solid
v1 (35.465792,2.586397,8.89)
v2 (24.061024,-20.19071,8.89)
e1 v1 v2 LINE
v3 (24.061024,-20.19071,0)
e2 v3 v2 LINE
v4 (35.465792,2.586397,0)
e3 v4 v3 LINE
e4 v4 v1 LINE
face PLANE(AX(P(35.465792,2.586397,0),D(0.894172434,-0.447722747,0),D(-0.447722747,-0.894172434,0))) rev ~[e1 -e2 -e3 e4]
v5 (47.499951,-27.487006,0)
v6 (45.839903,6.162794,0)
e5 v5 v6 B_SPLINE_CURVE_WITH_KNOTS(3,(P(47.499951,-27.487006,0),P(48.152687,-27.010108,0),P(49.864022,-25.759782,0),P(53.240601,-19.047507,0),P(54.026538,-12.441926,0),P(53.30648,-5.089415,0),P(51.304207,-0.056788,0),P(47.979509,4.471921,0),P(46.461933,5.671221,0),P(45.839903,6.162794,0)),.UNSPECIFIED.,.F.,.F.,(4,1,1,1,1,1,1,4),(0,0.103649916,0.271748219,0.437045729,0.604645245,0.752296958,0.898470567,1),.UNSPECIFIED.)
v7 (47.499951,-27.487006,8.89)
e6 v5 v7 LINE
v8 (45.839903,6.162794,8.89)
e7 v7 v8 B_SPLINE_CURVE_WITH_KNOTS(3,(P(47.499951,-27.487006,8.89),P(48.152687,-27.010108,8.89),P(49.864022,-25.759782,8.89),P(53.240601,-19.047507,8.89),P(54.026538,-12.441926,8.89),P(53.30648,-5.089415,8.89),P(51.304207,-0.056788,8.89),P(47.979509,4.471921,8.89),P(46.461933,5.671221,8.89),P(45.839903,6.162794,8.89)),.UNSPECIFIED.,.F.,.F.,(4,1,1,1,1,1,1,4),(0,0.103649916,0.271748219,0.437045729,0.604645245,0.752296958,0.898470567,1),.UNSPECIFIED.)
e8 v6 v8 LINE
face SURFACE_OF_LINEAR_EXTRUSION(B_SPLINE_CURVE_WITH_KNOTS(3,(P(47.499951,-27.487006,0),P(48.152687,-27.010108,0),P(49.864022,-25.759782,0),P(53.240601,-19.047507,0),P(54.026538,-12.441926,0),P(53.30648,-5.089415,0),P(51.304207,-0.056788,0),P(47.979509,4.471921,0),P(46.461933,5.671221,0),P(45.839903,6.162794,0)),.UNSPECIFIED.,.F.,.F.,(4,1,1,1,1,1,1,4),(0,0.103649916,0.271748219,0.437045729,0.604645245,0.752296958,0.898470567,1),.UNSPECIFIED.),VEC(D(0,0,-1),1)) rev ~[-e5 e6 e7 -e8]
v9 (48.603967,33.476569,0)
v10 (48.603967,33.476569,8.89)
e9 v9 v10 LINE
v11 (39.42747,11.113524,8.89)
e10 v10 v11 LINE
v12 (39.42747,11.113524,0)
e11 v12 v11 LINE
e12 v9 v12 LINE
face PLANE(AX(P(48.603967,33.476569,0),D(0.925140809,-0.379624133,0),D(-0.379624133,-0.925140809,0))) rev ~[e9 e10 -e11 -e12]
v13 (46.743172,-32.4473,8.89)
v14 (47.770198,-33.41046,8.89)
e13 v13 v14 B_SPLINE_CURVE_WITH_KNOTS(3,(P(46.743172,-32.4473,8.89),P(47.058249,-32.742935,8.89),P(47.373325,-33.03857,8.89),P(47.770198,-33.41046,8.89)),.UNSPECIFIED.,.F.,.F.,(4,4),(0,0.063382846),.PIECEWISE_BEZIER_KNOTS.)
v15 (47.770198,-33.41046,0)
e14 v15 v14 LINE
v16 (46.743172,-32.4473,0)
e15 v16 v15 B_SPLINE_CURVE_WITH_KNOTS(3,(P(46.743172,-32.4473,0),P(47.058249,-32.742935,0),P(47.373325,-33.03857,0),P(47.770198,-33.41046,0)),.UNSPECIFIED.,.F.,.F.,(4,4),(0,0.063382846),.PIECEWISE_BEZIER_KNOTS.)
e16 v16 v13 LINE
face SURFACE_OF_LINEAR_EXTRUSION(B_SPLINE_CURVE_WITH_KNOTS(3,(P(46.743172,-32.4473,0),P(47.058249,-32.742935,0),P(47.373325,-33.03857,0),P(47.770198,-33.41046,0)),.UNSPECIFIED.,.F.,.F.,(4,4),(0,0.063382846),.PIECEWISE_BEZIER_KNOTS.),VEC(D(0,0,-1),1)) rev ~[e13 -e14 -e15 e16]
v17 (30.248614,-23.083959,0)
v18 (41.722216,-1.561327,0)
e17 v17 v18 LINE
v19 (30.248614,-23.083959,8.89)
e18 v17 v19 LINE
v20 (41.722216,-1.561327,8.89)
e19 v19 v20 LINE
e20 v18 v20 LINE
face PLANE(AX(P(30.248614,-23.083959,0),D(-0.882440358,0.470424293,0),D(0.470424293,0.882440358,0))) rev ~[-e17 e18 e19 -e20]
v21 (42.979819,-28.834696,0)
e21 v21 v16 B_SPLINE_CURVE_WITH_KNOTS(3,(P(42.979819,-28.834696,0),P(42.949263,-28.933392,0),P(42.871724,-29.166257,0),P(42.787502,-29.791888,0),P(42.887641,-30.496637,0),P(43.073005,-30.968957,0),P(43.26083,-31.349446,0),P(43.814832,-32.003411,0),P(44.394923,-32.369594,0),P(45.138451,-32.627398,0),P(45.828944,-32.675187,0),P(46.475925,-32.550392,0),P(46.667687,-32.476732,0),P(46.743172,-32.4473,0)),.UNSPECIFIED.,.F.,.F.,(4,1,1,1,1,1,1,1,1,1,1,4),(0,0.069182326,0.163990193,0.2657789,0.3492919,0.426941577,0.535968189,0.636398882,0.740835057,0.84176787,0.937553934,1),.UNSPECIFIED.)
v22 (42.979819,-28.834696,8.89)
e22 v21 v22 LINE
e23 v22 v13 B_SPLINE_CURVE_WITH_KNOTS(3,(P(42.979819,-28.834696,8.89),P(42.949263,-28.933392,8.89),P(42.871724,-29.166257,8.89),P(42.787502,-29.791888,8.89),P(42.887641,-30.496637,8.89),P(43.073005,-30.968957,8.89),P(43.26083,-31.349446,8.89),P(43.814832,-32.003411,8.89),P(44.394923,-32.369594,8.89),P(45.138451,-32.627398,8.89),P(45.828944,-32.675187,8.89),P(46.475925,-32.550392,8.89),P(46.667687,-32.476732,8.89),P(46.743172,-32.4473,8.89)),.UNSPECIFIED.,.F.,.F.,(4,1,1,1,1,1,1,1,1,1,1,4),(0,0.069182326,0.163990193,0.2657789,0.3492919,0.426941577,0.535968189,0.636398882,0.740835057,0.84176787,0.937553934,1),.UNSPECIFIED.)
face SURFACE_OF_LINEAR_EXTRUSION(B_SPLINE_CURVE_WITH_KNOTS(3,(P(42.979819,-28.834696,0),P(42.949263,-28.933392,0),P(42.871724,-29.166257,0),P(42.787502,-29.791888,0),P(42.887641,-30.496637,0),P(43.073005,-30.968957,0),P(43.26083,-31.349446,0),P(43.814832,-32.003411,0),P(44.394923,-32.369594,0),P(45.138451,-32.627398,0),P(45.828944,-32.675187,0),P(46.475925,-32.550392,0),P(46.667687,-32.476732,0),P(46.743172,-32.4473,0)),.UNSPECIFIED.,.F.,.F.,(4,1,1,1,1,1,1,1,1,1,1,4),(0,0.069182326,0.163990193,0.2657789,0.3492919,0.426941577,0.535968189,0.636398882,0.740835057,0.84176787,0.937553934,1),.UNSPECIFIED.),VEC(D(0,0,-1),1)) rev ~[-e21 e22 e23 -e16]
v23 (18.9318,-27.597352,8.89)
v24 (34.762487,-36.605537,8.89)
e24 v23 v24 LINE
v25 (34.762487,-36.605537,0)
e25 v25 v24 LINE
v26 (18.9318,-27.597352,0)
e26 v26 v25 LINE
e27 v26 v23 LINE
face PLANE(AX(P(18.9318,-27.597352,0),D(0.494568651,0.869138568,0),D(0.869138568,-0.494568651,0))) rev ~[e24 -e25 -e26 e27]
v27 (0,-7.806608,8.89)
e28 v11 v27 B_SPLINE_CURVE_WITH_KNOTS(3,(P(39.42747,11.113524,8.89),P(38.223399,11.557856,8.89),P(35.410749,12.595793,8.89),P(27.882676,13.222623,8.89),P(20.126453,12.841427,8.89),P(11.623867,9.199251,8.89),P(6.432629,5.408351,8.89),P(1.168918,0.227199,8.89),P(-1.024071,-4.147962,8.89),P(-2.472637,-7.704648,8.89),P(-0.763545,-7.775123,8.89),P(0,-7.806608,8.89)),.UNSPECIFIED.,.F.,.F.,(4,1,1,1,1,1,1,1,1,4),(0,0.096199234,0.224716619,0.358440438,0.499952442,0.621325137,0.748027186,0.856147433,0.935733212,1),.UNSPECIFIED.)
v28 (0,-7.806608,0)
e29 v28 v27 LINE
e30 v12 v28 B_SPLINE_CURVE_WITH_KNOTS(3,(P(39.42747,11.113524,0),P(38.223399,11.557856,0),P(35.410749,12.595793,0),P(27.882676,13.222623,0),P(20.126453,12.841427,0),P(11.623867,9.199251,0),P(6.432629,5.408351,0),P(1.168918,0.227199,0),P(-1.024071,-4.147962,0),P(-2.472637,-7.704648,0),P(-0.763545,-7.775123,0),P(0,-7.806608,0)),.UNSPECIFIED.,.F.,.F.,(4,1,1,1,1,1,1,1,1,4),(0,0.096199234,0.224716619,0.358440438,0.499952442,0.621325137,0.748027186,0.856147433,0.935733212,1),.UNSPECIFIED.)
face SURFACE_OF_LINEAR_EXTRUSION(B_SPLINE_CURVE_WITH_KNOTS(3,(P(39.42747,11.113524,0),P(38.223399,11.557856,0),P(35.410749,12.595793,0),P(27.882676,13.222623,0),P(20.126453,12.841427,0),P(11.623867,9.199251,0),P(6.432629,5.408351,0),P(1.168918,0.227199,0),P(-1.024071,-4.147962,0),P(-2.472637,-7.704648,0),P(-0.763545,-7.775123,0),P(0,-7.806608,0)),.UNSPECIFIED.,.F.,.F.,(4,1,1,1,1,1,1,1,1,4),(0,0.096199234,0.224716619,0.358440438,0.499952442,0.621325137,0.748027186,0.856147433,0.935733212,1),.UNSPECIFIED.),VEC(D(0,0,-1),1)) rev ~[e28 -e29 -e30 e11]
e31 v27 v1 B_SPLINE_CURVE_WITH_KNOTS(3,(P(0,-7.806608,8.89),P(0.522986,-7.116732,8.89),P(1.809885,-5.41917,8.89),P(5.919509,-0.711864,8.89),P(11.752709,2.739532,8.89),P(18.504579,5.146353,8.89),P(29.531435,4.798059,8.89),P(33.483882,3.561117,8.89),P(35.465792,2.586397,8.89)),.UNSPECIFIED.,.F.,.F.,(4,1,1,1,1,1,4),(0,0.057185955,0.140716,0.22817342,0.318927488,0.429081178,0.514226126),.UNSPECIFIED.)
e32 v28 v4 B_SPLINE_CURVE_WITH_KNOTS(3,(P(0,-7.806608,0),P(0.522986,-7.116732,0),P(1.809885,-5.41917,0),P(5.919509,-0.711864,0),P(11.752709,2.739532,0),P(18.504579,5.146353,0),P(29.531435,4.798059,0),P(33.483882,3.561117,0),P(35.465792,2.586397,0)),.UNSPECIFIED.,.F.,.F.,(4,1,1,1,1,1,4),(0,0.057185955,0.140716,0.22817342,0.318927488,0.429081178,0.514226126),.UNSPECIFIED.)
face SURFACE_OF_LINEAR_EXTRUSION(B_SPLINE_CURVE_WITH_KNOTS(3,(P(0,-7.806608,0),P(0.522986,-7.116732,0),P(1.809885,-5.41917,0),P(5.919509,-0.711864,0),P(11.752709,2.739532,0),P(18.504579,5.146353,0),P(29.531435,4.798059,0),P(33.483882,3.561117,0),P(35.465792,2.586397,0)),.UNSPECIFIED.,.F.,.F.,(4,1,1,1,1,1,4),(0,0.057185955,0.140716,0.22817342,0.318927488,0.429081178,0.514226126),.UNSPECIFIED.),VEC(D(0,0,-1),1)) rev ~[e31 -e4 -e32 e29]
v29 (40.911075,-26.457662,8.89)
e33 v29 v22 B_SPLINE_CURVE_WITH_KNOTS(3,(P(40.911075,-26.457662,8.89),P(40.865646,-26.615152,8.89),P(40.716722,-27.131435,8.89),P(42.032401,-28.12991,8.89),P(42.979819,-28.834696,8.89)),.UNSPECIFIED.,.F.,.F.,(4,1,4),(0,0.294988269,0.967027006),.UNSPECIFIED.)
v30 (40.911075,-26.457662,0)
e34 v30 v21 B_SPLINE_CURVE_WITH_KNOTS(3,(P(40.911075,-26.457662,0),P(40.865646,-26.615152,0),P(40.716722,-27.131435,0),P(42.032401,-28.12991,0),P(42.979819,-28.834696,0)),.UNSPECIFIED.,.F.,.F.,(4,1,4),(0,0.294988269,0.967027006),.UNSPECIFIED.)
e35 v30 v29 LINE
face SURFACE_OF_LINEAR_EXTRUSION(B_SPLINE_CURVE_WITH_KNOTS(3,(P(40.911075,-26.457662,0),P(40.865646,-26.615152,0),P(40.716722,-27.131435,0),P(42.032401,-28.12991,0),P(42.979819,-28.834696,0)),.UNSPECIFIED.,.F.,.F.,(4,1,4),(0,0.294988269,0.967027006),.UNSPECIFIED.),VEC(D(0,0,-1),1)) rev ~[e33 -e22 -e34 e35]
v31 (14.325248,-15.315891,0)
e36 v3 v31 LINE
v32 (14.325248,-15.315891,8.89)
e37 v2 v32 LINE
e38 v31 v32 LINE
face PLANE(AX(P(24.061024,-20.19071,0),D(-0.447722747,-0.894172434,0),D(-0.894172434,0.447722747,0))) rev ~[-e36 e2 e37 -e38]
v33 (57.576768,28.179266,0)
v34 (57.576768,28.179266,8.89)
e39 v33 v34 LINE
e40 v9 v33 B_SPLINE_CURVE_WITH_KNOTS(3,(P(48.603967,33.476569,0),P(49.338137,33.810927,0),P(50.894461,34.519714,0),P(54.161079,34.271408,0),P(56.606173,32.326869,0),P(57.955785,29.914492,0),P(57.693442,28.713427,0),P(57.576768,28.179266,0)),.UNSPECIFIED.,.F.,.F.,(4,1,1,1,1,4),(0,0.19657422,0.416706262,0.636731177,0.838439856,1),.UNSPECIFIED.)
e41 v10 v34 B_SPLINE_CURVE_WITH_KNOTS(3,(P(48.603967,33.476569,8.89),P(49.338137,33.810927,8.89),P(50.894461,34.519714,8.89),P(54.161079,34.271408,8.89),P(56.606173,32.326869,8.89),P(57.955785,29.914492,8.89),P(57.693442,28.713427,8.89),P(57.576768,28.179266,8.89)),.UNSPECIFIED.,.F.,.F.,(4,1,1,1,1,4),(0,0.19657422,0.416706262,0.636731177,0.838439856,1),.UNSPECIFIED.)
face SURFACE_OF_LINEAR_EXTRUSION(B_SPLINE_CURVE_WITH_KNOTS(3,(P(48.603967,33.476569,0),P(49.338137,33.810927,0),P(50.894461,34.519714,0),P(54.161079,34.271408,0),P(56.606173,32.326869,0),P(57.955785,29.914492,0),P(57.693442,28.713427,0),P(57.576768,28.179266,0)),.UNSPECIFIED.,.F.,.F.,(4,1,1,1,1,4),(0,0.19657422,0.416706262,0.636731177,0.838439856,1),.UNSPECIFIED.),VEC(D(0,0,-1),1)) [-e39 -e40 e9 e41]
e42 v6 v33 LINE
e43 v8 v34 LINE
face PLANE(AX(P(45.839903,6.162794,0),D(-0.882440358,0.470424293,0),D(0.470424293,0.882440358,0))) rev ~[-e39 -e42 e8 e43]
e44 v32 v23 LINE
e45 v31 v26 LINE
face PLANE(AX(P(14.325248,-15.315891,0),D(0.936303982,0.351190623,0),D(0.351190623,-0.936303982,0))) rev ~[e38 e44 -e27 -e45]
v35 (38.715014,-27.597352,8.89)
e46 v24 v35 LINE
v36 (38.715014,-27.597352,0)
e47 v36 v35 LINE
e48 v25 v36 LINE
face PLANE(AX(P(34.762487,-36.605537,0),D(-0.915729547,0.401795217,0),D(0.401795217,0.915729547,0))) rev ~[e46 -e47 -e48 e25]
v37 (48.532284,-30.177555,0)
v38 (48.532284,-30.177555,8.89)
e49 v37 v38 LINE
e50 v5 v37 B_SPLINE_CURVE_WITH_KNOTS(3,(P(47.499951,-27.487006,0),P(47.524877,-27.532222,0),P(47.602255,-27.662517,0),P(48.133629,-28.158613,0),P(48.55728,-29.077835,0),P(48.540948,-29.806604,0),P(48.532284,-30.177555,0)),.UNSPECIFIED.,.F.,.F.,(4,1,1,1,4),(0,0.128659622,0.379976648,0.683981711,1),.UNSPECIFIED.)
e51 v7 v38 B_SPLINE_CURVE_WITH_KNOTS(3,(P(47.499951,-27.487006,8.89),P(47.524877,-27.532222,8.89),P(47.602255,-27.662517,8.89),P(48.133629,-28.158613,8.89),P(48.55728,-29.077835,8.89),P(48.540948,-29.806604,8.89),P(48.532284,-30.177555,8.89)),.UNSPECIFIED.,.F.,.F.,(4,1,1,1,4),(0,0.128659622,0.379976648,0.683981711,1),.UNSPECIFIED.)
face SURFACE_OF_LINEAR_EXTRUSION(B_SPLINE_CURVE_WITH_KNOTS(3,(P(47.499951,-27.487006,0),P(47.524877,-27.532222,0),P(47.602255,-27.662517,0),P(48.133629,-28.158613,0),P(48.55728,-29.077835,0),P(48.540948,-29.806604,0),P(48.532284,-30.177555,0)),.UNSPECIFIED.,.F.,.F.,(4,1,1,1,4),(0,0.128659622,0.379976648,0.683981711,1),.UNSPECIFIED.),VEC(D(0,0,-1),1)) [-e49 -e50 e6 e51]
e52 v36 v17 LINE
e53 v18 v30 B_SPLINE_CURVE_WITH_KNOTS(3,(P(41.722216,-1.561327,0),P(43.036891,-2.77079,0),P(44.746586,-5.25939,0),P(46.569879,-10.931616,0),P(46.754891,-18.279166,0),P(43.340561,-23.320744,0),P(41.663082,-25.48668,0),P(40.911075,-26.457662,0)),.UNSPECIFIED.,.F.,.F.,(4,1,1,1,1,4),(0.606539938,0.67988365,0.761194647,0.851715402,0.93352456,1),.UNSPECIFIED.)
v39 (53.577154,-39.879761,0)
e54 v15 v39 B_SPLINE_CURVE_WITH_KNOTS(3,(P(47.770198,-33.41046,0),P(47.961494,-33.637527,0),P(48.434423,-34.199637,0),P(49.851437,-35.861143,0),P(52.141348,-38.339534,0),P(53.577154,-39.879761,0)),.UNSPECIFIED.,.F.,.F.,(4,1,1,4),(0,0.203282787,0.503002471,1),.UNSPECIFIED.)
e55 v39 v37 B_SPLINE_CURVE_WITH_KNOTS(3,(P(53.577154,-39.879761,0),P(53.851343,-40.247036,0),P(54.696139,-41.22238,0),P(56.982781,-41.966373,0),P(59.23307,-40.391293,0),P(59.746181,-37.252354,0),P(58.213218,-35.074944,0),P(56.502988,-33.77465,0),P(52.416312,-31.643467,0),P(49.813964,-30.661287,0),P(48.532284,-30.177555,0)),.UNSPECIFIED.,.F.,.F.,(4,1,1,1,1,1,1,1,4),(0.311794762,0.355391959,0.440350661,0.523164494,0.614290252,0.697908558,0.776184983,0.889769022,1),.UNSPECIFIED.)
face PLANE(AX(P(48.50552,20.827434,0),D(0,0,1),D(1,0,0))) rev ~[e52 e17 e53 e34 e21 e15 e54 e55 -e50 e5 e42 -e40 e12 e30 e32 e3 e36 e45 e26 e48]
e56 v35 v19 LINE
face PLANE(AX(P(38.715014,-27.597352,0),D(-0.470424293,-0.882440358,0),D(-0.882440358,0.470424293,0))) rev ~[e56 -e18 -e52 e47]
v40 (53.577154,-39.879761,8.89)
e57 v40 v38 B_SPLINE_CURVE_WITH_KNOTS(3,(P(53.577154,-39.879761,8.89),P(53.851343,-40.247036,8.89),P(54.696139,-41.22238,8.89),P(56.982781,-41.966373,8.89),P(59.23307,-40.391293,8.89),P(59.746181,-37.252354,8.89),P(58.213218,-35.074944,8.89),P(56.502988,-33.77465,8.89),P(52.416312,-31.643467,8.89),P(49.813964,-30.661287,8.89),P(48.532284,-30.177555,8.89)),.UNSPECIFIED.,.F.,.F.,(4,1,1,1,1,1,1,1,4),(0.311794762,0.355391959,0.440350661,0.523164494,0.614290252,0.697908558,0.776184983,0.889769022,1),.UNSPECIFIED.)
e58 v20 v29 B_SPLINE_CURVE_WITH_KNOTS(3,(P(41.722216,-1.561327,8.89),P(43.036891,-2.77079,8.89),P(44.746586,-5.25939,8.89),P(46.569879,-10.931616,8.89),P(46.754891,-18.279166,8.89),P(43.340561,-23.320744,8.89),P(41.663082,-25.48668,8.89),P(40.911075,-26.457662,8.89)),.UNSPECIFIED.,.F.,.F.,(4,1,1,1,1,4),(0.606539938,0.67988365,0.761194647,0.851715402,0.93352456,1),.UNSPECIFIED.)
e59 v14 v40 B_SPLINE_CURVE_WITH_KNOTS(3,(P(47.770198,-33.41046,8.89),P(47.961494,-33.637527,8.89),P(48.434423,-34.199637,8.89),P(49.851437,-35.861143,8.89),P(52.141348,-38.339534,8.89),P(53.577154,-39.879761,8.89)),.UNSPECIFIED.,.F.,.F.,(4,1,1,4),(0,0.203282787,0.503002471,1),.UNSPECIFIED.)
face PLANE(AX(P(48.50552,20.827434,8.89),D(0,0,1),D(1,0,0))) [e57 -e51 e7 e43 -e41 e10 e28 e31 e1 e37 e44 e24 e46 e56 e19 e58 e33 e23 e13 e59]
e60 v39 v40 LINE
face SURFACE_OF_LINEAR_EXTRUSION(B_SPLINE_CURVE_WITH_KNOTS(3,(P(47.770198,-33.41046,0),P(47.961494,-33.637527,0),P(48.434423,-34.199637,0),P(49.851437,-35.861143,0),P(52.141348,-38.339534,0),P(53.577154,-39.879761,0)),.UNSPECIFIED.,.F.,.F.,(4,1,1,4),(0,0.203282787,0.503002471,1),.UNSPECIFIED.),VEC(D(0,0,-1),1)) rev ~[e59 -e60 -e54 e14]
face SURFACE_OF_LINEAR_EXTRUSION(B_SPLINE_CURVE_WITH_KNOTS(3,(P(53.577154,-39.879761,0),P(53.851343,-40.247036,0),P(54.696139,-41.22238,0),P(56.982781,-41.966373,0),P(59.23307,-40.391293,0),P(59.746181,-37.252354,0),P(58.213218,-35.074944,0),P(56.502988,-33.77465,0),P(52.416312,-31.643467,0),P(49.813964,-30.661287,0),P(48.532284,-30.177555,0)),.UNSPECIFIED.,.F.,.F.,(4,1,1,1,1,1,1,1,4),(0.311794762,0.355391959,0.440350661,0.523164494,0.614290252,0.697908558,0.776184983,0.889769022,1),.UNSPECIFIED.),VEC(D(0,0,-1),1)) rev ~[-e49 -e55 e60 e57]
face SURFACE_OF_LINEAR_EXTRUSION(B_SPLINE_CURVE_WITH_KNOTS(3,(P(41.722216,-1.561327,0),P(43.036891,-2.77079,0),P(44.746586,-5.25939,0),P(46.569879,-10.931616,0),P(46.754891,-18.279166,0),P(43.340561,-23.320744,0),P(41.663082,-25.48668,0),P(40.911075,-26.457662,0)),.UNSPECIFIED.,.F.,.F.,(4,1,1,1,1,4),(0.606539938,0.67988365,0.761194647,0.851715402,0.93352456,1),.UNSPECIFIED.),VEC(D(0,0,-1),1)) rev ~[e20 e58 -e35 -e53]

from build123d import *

# Parameters (mm, degrees)
F1_DEPTH = 8.89


with BuildPart() as f1:
    # F0 (on Top) → F1 (new body)
    with BuildSketch(Plane.XY):
        with BuildLine():
            add(Edge.make_bspline(
                [(39.4274704158, 11.113524437), (40.3610824632, 10.7553655693), (42.4829576044, 9.9413567957), (44.634837428, 7.5192105656), (45.839903328, 6.1627938202)],
                knots=[0, 0, 0, 0, 0.4399938664, 1, 1, 1, 1], degree=3))
            Line((45.839903328, 6.1627938202), (57.5767681003, 28.1792655587))
            add(Edge.make_bspline(
                [(48.6039668322, 33.4765687585), (49.3381367026, 33.8109272171), (50.8944607357, 34.5197142781), (54.1610789672, 34.2714082484), (56.6061731934, 32.3268687592), (57.9557846526, 29.9144916432), (57.6934422411, 28.7134269594), (57.5767681003, 28.1792655587)],
                knots=[0, 0, 0, 0, 0.1965742197, 0.4167062621, 0.6367311767, 0.8384398559, 1, 1, 1, 1], degree=3))
            Line((48.6039668322, 33.4765687585), (39.4274704158, 11.113524437))
        make_face()
        with BuildLine():
            add(Edge.make_bspline(
                [(47.4999509752, -27.4870060384), (48.1526866443, -27.0101080497), (49.8640219047, -25.7597821025), (53.240600854, -19.0475071395), (54.0265383019, -12.4419256192), (53.3064795222, -5.0894150957), (51.3042070992, -0.0567878694), (47.9795085328, 4.4719212405), (46.4619328319, 5.6712205947), (45.839903328, 6.1627938202)],
                knots=[0, 0, 0, 0, 0.1036499156, 0.2717482186, 0.4370457285, 0.6046452447, 0.7522969581, 0.8984705671, 1, 1, 1, 1], degree=3))
            Line((45.839903328, 6.1627938202), (41.7222155226, -1.5613266288))
            add(Edge.make_bspline(
                [(41.7222155226, -1.5613266288), (43.0368910157, -2.7707897352), (44.7465859177, -5.2593896208), (46.5698793337, -10.9316163794), (46.7548910122, -18.279166089), (43.340560927, -23.3207437994), (41.6630822478, -25.4866803681), (40.9110747278, -26.4576617628)],
                knots=[0.6065399383, 0.6065399383, 0.6065399383, 0.6065399383, 0.6798836495, 0.7611946469, 0.8517154016, 0.9335245601, 1, 1, 1, 1], degree=3))
            add(Edge.make_bspline(
                [(40.9110747278, -26.4576617628), (40.8656459611, -26.6151519911), (40.7167219231, -27.1314345687), (42.0324008721, -28.12991004), (42.9798185958, -28.8346956604)],
                knots=[0, 0, 0, 0, 0.2949882691, 0.9670270062, 0.9670270062, 0.9670270062, 0.9670270062], degree=3))
            add(Edge.make_bspline(
                [(42.9798185958, -28.8346956604), (42.9492631542, -28.9333918678), (42.8717238982, -29.1662569599), (42.7875018175, -29.7918879638), (42.8876406925, -30.4966369059), (43.0730046206, -30.9689572919), (43.2608303117, -31.3494460217), (43.8148323709, -32.0034108751), (44.3949232761, -32.3695939692), (45.1384513447, -32.6273980485), (45.8289437792, -32.6751867227), (46.4759250493, -32.5503916919), (46.6676869296, -32.476732403), (46.7431719959, -32.4473001868)],
                knots=[0, 0, 0, 0, 0.069182326, 0.1639901927, 0.2657789002, 0.3492918999, 0.4269415768, 0.5359681885, 0.636398882, 0.7408350574, 0.8417678695, 0.9375539342, 1, 1, 1, 1], degree=3))
            add(Edge.make_bspline(
                [(46.7431719959, -32.4473001868), (47.0582486416, -32.7429352258), (47.3733252873, -33.0385702647), (47.7701984346, -33.4104597569)],
                knots=[0, 0, 0, 0, 0.0633828455, 0.0633828455, 0.0633828455, 0.0633828455], degree=3))
            add(Edge.make_bspline(
                [(47.7701984346, -33.4104597569), (48.3441823775, -33.9483107012), (49.9758293051, -35.4754439192), (52.3399733655, -38.0142492188), (53.2773723874, -39.4782025162), (53.5771544169, -39.8797605795)],
                knots=[0.0633828455, 0.0633828455, 0.0633828455, 0.0633828455, 0.1550512685, 0.2641280401, 0.3117947618, 0.3117947618, 0.3117947618, 0.3117947618], degree=3))
            add(Edge.make_bspline(
                [(53.5771544169, -39.8797605795), (53.8513426917, -40.2470358053), (54.6961394773, -41.2223803942), (56.9827810215, -41.966372564), (59.2330696854, -40.3912933818), (59.7461806943, -37.2523540291), (58.213217802, -35.0749436964), (56.5029884798, -33.7746503564), (52.416312327, -31.6434670413), (49.8139644935, -30.6612874035), (48.5322839759, -30.1775547946)],
                knots=[0.3117947618, 0.3117947618, 0.3117947618, 0.3117947618, 0.3553919587, 0.4403506612, 0.5231644939, 0.6142902524, 0.6979085583, 0.7761849827, 0.8897690218, 1, 1, 1, 1], degree=3))
            add(Edge.make_bspline(
                [(47.4999509752, -27.4870060384), (47.5248769571, -27.532221894), (47.6022552633, -27.6625173057), (48.1336287594, -28.1586133207), (48.5572799081, -29.0778349267), (48.5409481833, -29.8066038425), (48.5322839759, -30.1775547946)],
                knots=[0, 0, 0, 0, 0.1286596216, 0.3799766484, 0.6839817108, 1, 1, 1, 1], degree=3))
        make_face()
        with BuildLine():
            Line((41.7222155226, -1.5613266288), (45.839903328, 6.1627938202))
            add(Edge.make_bspline(
                [(39.4274704158, 11.113524437), (40.3610824632, 10.7553655693), (42.4829576044, 9.9413567957), (44.634837428, 7.5192105656), (45.839903328, 6.1627938202)],
                knots=[0, 0, 0, 0, 0.4399938664, 1, 1, 1, 1], degree=3))
            add(Edge.make_bspline(
                [(39.4274704158, 11.113524437), (38.2233993758, 11.5578561499), (35.410749397, 12.5957929005), (27.8826764763, 13.2226228259), (20.1264525718, 12.8414270171), (11.6238668472, 9.1992509101), (6.4326285422, 5.4083511182), (1.1689181474, 0.2271991359), (-1.024071179, -4.1479619073), (-2.472637408, -7.7046476126), (-0.7635448636, -7.7751231754), (0, -7.8066084534)],
                knots=[0, 0, 0, 0, 0.0961992338, 0.2247166189, 0.3584404383, 0.4999524425, 0.6213251371, 0.7480271858, 0.856147433, 0.9357332118, 1, 1, 1, 1], degree=3))
            add(Edge.make_bspline(
                [(0, -7.8066084534), (0.5229863465, -7.1167317237), (1.8098853101, -5.4191699147), (5.9195089773, -0.7118642425), (11.7527094344, 2.7395321875), (18.5045792454, 5.1463526599), (29.531435126, 4.7980589507), (33.4838821188, 3.5611173237), (35.4657918215, 2.5863966439)],
                knots=[0, 0, 0, 0, 0.0571859553, 0.1407159997, 0.2281734196, 0.3189274878, 0.4290811775, 0.5142261263, 0.5142261263, 0.5142261263, 0.5142261263], degree=3))
            add(Edge.make_bspline(
                [(35.4657918215, 2.5863966439), (37.6145703725, 1.5296083921), (40.0675036979, -0.0390400156), (41.7222155226, -1.5613266288)],
                knots=[0.5142261263, 0.5142261263, 0.5142261263, 0.5142261263, 0.6065399383, 0.6065399383, 0.6065399383, 0.6065399383], degree=3))
        make_face()
        with BuildLine():
            Line((30.2486140281, -23.0839587748), (41.7222155226, -1.5613266288))
            add(Edge.make_bspline(
                [(35.4657918215, 2.5863966439), (37.6145703725, 1.5296083921), (40.0675036979, -0.0390400156), (41.7222155226, -1.5613266288)],
                knots=[0.5142261263, 0.5142261263, 0.5142261263, 0.5142261263, 0.6065399383, 0.6065399383, 0.6065399383, 0.6065399383], degree=3))
            Line((35.4657918215, 2.5863966439), (24.061024189, -20.1907102019))
            Line((24.061024189, -20.1907102019), (14.3252477259, -15.3158914185))
            Line((14.3252477259, -15.3158914185), (18.9318004996, -27.5973517537))
            Line((18.9318004996, -27.5973517537), (34.7624868155, -36.6055369377))
            Line((34.7624868155, -36.6055369377), (38.7150137772, -27.5973517537))
            Line((38.7150137772, -27.5973517537), (30.2486140281, -23.0839587748))
        make_face()
        with BuildLine():
            add(Edge.make_bspline(
                [(47.7701984346, -33.4104597569), (47.9614939959, -33.6375270592), (48.434422613, -34.1996374029), (49.851436538, -35.8611425991), (52.1413475244, -38.339534403), (53.5771544169, -39.8797605795)],
                knots=[0, 0, 0, 0, 0.2032827872, 0.5030024713, 1, 1, 1, 1], degree=3))
            add(Edge.make_bspline(
                [(47.7701984346, -33.4104597569), (48.3441823775, -33.9483107012), (49.9758293051, -35.4754439192), (52.3399733655, -38.0142492188), (53.2773723874, -39.4782025162), (53.5771544169, -39.8797605795)],
                knots=[0.0633828455, 0.0633828455, 0.0633828455, 0.0633828455, 0.1550512685, 0.2641280401, 0.3117947618, 0.3117947618, 0.3117947618, 0.3117947618], degree=3))
        make_face()
    extrude(amount=F1_DEPTH)


solid = f1.part
